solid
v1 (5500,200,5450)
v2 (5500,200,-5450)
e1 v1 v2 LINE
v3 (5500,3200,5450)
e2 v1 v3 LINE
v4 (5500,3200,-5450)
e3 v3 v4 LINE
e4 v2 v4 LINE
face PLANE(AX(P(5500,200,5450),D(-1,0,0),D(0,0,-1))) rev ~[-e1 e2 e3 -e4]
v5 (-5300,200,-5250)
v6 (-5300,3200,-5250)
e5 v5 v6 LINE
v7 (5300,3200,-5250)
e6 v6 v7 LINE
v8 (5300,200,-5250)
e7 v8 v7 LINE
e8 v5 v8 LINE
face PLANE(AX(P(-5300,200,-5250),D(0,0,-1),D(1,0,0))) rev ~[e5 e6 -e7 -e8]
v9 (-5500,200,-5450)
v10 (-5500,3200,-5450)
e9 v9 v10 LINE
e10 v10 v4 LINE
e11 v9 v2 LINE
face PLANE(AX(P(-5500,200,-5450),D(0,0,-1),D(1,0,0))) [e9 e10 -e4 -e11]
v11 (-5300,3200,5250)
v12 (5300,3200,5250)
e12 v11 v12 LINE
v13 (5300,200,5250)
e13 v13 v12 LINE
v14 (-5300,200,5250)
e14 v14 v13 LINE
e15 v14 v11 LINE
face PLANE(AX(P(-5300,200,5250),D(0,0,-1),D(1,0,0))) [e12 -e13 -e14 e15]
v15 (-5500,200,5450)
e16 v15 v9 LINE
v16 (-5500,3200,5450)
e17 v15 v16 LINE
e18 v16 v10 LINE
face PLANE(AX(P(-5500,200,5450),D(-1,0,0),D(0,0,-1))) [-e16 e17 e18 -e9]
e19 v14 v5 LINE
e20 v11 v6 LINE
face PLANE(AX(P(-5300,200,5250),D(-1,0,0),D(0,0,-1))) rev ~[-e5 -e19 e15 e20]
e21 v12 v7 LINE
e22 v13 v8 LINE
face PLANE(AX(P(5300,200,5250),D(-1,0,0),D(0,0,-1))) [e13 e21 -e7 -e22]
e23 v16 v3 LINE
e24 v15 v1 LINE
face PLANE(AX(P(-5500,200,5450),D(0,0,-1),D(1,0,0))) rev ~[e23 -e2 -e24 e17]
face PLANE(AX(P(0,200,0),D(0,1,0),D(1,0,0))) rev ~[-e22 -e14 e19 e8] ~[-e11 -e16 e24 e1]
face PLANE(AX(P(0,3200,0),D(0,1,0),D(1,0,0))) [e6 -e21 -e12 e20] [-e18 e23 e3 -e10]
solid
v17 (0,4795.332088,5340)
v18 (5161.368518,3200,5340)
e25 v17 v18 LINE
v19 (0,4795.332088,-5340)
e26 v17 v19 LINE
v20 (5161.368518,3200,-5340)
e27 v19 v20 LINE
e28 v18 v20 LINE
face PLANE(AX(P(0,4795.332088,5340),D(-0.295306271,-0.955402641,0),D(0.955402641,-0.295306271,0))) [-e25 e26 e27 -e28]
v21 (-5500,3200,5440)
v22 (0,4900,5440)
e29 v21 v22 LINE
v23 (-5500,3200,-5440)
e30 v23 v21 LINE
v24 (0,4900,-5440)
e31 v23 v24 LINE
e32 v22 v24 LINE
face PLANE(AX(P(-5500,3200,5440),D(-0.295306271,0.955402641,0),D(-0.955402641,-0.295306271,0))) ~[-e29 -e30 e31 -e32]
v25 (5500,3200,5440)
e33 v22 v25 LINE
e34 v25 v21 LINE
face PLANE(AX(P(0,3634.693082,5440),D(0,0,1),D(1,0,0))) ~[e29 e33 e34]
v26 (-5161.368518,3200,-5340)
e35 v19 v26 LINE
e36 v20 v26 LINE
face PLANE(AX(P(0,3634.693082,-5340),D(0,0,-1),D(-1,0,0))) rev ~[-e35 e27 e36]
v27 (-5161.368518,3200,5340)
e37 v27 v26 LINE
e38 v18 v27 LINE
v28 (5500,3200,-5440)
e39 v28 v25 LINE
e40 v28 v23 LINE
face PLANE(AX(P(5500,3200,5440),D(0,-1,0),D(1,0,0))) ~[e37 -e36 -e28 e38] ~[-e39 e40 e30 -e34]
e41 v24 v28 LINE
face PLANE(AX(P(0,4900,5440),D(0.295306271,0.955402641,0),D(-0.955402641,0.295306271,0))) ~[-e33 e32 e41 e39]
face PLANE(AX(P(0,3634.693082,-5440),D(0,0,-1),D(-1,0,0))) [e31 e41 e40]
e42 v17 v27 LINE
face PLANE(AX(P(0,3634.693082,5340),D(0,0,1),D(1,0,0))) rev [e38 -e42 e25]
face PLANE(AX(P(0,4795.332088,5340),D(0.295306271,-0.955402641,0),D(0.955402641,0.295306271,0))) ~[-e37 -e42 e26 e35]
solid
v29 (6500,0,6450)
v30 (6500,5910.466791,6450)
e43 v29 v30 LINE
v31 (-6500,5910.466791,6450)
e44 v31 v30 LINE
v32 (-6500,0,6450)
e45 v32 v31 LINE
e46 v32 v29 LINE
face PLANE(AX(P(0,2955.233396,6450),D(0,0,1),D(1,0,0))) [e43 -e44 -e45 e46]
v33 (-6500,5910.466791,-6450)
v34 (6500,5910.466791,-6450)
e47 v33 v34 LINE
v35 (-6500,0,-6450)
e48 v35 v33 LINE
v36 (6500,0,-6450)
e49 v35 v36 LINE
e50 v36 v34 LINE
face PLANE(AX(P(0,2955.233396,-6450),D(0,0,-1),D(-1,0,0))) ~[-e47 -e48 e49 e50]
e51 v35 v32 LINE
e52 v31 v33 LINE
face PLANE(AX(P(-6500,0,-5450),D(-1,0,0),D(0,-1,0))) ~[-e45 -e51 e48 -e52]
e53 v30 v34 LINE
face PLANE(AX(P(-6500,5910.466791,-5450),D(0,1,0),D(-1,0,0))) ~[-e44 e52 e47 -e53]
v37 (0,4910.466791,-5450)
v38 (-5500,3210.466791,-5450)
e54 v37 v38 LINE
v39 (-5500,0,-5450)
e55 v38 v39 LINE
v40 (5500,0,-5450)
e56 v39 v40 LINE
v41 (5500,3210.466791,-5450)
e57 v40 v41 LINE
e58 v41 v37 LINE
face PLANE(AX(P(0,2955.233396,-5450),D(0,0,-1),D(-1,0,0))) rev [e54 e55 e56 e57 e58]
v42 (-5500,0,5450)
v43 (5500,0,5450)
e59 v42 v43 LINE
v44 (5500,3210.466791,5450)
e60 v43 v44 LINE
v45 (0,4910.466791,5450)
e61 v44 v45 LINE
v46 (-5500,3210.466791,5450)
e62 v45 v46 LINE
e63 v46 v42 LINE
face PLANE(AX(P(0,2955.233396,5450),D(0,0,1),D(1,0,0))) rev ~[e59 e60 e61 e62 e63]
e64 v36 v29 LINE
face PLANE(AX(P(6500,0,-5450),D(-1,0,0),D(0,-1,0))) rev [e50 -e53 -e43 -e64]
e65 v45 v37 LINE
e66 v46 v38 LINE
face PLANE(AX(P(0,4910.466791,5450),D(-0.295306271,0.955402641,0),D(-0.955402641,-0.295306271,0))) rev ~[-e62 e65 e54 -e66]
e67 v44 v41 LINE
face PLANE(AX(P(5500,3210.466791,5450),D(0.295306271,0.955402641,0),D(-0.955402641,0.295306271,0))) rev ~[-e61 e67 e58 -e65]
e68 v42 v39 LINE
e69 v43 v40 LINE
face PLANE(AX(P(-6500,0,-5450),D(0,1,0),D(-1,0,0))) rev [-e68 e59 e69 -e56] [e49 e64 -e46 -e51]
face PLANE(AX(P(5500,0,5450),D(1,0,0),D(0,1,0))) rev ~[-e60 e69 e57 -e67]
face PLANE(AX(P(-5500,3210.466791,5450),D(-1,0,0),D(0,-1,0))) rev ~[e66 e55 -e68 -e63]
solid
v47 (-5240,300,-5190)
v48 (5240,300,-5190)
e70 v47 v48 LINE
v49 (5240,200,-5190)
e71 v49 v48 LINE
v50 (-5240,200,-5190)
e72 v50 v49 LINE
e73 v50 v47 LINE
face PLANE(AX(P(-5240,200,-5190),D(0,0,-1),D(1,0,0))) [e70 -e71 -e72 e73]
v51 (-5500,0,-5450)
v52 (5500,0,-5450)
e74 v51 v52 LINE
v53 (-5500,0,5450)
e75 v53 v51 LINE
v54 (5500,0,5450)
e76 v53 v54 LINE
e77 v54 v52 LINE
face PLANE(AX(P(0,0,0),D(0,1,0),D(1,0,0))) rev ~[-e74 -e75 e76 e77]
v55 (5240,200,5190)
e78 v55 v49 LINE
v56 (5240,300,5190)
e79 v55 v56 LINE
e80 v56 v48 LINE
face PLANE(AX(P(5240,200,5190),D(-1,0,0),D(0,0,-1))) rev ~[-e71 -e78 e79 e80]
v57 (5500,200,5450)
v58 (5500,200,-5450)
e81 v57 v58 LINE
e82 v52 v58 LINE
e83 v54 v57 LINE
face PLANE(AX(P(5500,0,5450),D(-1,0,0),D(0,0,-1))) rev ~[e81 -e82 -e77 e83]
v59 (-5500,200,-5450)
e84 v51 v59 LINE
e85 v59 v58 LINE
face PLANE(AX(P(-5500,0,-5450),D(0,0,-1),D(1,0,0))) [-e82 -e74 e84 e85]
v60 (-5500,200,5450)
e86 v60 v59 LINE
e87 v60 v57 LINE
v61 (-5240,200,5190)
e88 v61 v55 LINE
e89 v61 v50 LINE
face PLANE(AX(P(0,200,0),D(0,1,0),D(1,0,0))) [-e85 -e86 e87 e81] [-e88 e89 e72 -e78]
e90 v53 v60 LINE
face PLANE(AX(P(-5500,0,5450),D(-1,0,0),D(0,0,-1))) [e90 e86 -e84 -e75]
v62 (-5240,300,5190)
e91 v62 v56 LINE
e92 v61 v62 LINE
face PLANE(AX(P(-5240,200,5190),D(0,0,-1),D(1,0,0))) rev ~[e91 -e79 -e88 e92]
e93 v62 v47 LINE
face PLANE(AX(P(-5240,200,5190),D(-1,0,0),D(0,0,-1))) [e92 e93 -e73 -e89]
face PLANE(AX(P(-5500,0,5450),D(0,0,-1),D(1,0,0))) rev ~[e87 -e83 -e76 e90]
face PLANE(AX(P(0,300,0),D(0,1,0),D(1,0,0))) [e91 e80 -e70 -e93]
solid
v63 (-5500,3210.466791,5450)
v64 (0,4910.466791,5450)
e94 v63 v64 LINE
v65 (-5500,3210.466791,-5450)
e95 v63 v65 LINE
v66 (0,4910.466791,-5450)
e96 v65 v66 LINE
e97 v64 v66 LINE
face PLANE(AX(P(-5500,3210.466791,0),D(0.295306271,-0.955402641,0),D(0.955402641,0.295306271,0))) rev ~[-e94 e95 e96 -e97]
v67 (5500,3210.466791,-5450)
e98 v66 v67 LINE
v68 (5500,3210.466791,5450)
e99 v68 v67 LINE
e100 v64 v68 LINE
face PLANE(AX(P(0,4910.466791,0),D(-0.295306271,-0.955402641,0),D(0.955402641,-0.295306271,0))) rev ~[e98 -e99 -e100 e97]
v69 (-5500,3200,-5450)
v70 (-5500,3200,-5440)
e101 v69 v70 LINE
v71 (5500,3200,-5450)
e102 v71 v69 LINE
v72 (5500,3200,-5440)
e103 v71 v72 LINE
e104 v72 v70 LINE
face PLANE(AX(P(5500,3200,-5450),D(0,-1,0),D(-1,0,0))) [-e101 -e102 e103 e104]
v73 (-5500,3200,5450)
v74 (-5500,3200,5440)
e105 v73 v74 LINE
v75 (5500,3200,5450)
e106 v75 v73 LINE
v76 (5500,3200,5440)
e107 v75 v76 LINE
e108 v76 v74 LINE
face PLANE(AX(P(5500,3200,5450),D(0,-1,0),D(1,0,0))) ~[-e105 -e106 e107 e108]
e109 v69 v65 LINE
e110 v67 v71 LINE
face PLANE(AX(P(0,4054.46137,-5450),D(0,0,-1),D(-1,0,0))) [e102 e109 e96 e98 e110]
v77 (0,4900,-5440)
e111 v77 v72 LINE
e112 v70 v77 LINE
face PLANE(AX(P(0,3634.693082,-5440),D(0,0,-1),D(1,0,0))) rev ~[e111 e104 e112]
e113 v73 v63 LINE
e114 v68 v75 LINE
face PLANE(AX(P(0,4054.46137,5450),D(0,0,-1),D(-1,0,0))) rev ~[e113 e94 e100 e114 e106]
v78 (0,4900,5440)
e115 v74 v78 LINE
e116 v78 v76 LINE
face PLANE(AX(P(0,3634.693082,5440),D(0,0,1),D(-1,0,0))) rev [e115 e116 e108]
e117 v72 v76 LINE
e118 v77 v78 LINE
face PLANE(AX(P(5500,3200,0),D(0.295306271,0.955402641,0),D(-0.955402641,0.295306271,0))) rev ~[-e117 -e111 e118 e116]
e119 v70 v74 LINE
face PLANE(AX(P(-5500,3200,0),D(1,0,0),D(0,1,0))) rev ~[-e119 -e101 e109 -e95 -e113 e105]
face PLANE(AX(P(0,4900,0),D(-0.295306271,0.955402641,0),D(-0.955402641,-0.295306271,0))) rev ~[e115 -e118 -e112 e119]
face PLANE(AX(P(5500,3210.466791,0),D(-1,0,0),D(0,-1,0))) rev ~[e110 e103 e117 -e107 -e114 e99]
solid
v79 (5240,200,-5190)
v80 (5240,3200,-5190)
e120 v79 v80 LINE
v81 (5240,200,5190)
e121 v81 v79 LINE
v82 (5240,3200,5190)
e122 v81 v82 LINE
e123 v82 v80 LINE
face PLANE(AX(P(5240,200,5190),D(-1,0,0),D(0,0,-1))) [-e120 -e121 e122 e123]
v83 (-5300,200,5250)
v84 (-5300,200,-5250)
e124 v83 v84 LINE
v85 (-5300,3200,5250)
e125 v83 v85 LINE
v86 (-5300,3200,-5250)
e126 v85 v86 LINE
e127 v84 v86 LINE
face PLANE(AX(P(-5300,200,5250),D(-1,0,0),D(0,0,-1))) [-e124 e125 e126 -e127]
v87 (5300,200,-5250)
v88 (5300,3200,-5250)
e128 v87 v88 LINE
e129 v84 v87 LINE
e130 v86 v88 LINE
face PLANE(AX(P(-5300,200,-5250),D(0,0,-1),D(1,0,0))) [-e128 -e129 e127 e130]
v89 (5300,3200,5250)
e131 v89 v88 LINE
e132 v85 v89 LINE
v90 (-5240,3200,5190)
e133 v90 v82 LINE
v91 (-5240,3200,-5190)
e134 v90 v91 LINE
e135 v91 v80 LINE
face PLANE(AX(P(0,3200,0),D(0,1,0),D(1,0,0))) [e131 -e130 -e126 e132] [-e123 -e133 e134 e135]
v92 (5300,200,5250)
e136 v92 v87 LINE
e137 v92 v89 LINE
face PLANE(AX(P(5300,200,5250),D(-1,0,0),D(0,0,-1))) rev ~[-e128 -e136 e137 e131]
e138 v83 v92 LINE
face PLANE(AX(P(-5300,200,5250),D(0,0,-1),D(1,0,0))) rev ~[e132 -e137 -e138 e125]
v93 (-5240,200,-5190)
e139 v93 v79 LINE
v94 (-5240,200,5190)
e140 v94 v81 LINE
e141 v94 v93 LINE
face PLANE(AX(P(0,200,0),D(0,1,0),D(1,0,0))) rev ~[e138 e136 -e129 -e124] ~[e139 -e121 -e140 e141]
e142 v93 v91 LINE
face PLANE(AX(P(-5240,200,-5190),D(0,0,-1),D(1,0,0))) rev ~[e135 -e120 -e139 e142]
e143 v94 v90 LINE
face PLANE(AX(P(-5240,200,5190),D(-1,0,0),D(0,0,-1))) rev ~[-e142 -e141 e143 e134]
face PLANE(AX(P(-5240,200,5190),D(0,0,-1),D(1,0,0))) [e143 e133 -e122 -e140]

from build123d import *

# Parameters (mm, degrees)
SKETCH1_W              = 11000
SKETCH1_H              = 10900
PISO_DEPTH             = 200
SKETCH2_W              = 11000
SKETCH2_H              = 10900
SKETCH2_W_2            = 10600
SKETCH2_H_2            = 10500
PAREDES_DEPTH          = 3000
SKETCH7_W              = 10600
SKETCH7_H              = 10500
SKETCH7_W_2            = 10480
SKETCH7_H_2            = 10380
AISLANTE_PAREDES_DEPTH = 3000
SKETCH27_W             = 10480
SKETCH27_H             = 10380
AISLANTE_SUELO_DEPTH   = 100
L_MINA_TRASERA_DEPTH   = 10
L_MINA_EXTERIOR_DEPTH  = 5450
BOSS_EXTRUDE24_DEPTH   = 100
BOSS_EXTRUDE34_DEPTH   = 10680
BOSS_EXTRUDE35_REACH   = 13070.542
BOSS_EXTRUDE36_REACH   = 12946.971
SKETCH45_W             = 10480
SKETCH45_H             = 2900
EXTERIOR_P1_DEPTH      = 10900
SKETCH50_W             = 13000
SKETCH50_H             = 5910.466791247
EXTERIOR_P2_DEPTH      = 1000


with BuildPart() as part:
    # Sketch1 → Piso (new body)
    with BuildSketch(Plane(origin=(0, 0, 0), x_dir=(1, 0, 0), z_dir=(0, 1, 0))):
        Rectangle(SKETCH1_W, SKETCH1_H)
    extrude(amount=PISO_DEPTH)


with BuildPart() as body_2:
    # Sketch2 → Paredes (new body)
    with BuildSketch(Plane(origin=(0, 200, 0), x_dir=(1, 0, 0), z_dir=(0, 1, 0))):
        Rectangle(SKETCH2_W, SKETCH2_H)
        Rectangle(SKETCH2_W_2, SKETCH2_H_2, mode=Mode.SUBTRACT)
    extrude(amount=PAREDES_DEPTH)


with BuildPart() as body_3:
    # Sketch7 → Aislante Paredes (new body)
    with BuildSketch(Plane(origin=(0, 200, 0), x_dir=(1, 0, 0), z_dir=(0, 1, 0))):
        Rectangle(SKETCH7_W, SKETCH7_H)
        Rectangle(SKETCH7_W_2, SKETCH7_H_2, mode=Mode.SUBTRACT)
    extrude(amount=AISLANTE_PAREDES_DEPTH)


with BuildPart() as body_4:
    # Sketch27 → Aislante suelo (new body)
    with BuildSketch(Plane(origin=(0, 200, 0), x_dir=(1, 0, 0), z_dir=(0, 1, 0))):
        Rectangle(SKETCH27_W, SKETCH27_H)
    extrude(amount=AISLANTE_SUELO_DEPTH)

    # Piso&aislante: union part
    add(part.part)


with BuildPart() as body_5:
    # Sketch20 → Lámina Trasera (new body)
    with BuildSketch(Plane(origin=(0, 0, -5450), x_dir=(1, 0, 0), z_dir=(0, 0, -1))):
        Polygon((0, -4900), (5500, -3200), (-5500, -3200), align=None)
    extrude(amount=-L_MINA_TRASERA_DEPTH)


with BuildPart() as body_6:
    # Lámina Frontal: mirrored copy
    add(body_5.part.mirror(Plane.XY))


with BuildPart() as body_7:
    # Sketch48 → Lámina Exterior (new, symmetric)
    with BuildSketch(Plane.XY):
        Polygon((-5500, 3200), (-5500, 3210.466791247), (0, 4910.466791247), (5500, 3210.466791247), (5500, 3200), (0, 4900), align=None)
    extrude(amount=L_MINA_EXTERIOR_DEPTH, both=True)


with BuildPart() as body_8:
    # Sketch35 → Boss-Extrude24 (new body)
    with BuildSketch(Plane.XY.offset(-5440)):
        Polygon((-5500, 3200), (0, 4900), (5500, 3200), align=None)
    extrude(amount=BOSS_EXTRUDE24_DEPTH)


with BuildPart() as body_9:
    # Mirror3: mirrored copy
    add(body_8.part.mirror(Plane.XY))


with BuildPart() as body_10:
    # Sketch43 → Boss-Extrude34 (new body)
    with BuildSketch(Plane(origin=(0, 0, 5340), x_dir=(-1, 0, 0), z_dir=(0, 0, -1))):
        Polygon((0, 4900), (0, 4795.33208753), (-5161.368518479, 3200), (-5500, 3200), align=None)
    extrude(amount=BOSS_EXTRUDE34_DEPTH)


with BuildPart() as body_11:
    # Mirror8: mirrored copy
    add(body_10.part.mirror(Plane(origin=(0, 0, 0), x_dir=(0, 0, 1), z_dir=(1, 0, 0))))

    # Combine_Aislante: union body 10, body 8, body 9
    add(body_10.part)
    add(body_8.part)
    add(body_9.part)


with BuildPart() as body_5_1:
    add(body_5.part)

    # Combine_Laminas: union body 6, body 7
    add(body_6.part)
    add(body_7.part)


with BuildPart() as body_7_2:

    # Sketch44 → Boss-Extrude35 (new, up to next)
    with BuildSketch(Plane(origin=(0, 0, 5340), x_dir=(-1, 0, 0), z_dir=(0, 0, -1)), mode=Mode.PRIVATE) as boss_extrude35_sk1:
        Polygon((-5161.368518479, 3200), (0, 4795.33208753), (5161.368518479, 3200), align=None)
    boss_extrude35_tool1 = extrude(boss_extrude35_sk1.sketch, amount=BOSS_EXTRUDE35_REACH, mode=Mode.PRIVATE) - body_11.part
    add(boss_extrude35_tool1.solids().sort_by_distance((0, 3731.777363, 5340))[0])


    # Sketch45 → Boss-Extrude36 (add, up to next)
    with BuildSketch(Plane(origin=(0, 0, 5190), x_dir=(-1, 0, 0), z_dir=(0, 0, -1)), mode=Mode.PRIVATE) as boss_extrude36_sk1:
        with Locations((0, 1750)):
            Rectangle(SKETCH45_W, SKETCH45_H)
    boss_extrude36_tool1 = extrude(boss_extrude36_sk1.sketch, amount=BOSS_EXTRUDE36_REACH, mode=Mode.PRIVATE) - body_3.part
    add(boss_extrude36_tool1.solids().sort_by_distance((0, 1750, 5190))[0])


with BuildPart() as body_6_2:
    # Sketch49 → Exterior_p1 (new body)
    with BuildSketch(Plane.XY.offset(5450)):
        Polygon((-5500, 0), (-6500, 0), (-6500, 5910.466791247), (6500, 5910.466791247), (6500, 0), (5500, 0), (5500, 3210.466791247), (0, 4910.466791247), (-5500, 3210.466791247), align=None)
    extrude(amount=-EXTERIOR_P1_DEPTH)


with BuildPart() as body_7_3:
    # Sketch50 → Exterior_p2 (new body)
    with BuildSketch(Plane.XY.offset(5450)):
        with Locations((0, 2955.233395624)):
            Rectangle(SKETCH50_W, SKETCH50_H)
    extrude(amount=EXTERIOR_P2_DEPTH)


with BuildPart() as body_8_2:
    # Mirror10: mirrored copy
    add(body_7_3.part.mirror(Plane.XY))


with BuildPart() as body_7_3_1:
    add(body_7_3.part)

    # Exterior: union body 6 2, body 8 2
    add(body_6_2.part)
    add(body_8_2.part)


solid = Compound([body_2.part, body_3.part, body_4.part, body_11.part, body_5_1.part, body_7_3_1.part])
